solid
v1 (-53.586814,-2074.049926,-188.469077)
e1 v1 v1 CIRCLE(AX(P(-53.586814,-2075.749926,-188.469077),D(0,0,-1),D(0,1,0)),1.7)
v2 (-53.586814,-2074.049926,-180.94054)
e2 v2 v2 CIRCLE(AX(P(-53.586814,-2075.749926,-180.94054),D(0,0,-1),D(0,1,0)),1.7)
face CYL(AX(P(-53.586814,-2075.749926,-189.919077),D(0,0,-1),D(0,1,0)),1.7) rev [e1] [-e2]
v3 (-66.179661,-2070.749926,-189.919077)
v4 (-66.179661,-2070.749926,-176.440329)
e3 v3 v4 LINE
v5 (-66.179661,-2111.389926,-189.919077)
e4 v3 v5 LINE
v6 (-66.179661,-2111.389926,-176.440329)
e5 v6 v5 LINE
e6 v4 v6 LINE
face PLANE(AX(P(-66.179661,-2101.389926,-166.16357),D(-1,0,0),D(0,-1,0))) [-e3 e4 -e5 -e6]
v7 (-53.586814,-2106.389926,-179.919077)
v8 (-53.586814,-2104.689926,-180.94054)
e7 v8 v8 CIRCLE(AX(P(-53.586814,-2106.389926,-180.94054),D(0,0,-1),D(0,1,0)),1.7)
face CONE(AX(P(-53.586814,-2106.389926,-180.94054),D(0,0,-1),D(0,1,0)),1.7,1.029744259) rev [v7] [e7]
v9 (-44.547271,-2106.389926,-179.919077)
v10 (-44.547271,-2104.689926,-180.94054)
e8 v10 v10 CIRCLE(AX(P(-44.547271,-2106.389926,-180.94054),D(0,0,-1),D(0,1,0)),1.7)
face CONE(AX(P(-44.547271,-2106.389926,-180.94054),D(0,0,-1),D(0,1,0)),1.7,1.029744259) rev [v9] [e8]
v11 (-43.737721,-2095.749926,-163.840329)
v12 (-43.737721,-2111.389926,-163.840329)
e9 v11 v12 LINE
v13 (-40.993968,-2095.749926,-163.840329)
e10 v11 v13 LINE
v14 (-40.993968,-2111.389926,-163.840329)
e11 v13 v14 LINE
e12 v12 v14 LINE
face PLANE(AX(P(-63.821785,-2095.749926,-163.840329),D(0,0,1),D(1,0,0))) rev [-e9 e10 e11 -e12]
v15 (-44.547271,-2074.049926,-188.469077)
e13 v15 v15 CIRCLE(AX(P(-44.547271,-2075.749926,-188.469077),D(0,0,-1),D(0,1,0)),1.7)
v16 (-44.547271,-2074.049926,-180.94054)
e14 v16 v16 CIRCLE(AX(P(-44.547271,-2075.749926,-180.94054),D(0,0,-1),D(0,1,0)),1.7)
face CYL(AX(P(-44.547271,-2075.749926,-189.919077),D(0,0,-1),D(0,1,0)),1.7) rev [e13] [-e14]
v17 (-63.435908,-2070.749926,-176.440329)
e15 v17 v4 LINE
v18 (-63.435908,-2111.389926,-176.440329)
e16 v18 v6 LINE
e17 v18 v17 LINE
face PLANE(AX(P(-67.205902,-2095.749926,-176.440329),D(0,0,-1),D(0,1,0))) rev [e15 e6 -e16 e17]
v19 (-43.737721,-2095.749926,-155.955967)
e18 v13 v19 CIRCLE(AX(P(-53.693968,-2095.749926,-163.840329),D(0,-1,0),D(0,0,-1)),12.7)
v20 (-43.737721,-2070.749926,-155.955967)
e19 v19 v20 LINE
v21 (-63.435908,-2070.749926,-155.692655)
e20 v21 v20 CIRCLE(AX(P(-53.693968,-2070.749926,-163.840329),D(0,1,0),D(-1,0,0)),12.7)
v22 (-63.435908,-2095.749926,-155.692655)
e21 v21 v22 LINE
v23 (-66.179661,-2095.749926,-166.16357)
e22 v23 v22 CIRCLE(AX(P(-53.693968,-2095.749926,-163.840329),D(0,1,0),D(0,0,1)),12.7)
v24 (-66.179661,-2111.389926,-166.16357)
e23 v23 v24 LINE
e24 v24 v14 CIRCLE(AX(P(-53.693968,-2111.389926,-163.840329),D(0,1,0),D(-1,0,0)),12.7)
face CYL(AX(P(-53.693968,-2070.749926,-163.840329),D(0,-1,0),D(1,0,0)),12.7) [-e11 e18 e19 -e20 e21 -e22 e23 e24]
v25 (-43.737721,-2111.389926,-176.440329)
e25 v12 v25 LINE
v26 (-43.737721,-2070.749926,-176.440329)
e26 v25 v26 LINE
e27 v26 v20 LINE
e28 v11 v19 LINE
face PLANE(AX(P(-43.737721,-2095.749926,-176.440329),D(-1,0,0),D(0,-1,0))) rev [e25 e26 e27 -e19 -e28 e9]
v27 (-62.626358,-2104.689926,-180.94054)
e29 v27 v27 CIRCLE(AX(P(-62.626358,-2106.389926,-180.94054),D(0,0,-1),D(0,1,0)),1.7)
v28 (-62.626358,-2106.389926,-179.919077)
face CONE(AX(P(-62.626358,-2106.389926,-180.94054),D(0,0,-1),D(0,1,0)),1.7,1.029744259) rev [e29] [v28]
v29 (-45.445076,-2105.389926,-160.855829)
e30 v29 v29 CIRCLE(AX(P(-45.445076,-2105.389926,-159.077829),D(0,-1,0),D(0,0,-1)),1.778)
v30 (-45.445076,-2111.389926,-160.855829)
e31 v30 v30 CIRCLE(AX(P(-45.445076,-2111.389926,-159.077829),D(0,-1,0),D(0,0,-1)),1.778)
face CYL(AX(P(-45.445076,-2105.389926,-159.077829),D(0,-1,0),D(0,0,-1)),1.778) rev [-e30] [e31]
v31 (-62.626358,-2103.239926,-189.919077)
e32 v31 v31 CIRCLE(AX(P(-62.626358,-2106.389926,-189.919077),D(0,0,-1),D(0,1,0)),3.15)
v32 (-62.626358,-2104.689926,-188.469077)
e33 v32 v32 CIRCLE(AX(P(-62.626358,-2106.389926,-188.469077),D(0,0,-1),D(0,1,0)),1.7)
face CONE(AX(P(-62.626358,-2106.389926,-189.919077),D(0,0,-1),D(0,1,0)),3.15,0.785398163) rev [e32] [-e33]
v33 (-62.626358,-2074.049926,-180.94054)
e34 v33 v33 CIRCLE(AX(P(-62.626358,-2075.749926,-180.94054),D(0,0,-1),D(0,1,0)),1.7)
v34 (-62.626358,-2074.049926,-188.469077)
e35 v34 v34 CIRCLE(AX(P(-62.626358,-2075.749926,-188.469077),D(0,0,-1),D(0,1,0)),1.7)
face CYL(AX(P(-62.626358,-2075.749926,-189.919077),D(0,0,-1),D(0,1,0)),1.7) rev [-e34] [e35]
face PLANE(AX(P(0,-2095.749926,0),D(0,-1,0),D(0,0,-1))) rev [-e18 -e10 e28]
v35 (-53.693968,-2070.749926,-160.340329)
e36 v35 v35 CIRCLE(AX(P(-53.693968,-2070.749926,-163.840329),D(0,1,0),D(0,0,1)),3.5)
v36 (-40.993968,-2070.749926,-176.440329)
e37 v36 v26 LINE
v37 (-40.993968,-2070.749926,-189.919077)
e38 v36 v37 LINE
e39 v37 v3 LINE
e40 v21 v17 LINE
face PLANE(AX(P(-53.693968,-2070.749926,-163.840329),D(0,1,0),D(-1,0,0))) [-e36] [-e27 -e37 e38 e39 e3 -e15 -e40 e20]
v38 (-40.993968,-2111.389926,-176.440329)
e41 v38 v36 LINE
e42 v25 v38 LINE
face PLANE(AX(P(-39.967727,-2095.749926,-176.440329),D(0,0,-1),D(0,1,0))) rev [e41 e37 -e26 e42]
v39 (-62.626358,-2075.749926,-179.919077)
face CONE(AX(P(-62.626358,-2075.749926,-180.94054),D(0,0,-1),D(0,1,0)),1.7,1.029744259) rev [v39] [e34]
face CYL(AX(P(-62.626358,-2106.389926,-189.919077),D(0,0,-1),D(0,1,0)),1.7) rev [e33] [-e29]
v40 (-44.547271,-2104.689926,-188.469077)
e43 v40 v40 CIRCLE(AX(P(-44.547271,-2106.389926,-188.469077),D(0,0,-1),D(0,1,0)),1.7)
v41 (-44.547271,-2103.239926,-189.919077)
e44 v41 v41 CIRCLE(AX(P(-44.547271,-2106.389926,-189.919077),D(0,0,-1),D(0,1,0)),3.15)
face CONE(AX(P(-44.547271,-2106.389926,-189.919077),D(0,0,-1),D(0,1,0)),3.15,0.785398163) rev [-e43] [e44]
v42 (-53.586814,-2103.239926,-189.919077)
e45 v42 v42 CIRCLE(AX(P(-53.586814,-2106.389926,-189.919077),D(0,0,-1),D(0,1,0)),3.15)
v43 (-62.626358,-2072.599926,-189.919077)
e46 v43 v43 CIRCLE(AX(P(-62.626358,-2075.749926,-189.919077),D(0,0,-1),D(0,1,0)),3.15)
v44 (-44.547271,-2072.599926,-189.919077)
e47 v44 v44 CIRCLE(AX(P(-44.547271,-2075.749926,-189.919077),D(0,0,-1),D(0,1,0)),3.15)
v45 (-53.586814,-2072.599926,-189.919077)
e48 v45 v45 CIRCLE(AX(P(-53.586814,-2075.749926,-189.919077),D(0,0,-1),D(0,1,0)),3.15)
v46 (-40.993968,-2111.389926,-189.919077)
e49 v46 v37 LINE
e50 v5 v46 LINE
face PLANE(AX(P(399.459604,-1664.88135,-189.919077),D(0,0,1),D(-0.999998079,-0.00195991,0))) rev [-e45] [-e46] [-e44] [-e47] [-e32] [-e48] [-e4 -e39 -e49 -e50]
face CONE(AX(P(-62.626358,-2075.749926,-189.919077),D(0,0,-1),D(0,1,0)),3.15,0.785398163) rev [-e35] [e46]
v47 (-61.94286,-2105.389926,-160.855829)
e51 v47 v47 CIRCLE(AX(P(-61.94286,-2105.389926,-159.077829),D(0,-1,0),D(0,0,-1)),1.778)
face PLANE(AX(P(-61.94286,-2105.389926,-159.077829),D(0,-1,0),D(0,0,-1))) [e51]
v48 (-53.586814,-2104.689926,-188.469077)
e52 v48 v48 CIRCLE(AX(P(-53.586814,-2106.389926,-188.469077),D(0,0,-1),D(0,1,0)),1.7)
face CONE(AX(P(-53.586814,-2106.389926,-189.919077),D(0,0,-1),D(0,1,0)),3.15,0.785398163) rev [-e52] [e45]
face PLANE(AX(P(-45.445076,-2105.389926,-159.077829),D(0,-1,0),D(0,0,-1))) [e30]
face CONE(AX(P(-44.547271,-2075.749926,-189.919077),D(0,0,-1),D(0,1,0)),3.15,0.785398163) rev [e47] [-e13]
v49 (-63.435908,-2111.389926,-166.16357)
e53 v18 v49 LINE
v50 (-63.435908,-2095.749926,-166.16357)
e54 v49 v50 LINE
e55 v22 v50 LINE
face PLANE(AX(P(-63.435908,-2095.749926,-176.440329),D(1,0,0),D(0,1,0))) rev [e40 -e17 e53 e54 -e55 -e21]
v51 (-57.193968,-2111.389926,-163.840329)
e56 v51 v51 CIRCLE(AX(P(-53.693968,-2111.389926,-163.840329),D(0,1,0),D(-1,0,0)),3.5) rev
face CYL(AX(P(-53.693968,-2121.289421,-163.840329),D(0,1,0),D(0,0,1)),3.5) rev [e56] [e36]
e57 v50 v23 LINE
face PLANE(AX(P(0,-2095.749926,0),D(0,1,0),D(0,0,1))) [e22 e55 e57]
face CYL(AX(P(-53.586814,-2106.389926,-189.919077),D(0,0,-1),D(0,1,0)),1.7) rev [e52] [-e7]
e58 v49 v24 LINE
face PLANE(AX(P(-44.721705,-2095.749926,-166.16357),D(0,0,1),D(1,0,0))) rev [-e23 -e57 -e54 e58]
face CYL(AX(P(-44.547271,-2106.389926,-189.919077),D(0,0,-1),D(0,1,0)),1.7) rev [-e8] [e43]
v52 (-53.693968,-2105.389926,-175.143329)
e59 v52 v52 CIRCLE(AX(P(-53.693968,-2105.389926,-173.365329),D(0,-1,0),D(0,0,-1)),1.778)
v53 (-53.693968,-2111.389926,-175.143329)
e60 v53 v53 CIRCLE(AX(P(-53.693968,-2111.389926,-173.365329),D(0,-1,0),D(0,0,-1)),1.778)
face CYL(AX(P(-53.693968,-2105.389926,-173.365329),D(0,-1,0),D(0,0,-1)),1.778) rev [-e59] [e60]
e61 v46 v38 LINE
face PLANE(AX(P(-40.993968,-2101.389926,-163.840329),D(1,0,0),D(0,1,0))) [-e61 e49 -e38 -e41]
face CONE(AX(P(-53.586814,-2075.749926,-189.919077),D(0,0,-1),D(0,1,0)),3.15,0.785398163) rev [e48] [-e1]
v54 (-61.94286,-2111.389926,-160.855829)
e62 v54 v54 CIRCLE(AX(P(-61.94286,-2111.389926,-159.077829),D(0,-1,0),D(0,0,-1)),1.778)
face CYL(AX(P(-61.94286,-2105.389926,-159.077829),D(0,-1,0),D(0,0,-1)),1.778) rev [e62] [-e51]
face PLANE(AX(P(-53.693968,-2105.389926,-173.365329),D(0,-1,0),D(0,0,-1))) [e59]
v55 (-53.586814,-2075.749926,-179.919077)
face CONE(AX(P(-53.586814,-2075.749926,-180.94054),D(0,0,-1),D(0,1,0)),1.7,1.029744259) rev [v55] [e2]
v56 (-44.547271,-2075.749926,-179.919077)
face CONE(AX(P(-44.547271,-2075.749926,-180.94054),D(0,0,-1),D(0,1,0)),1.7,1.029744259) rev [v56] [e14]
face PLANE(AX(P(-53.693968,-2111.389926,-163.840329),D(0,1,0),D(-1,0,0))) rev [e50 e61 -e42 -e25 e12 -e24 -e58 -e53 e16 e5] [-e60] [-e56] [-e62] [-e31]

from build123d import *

# Parameters (mm, degrees)
SKETCH2_R                                      = 12.7
BOSS_EXTRUDE6_DEPTH                            = 40.64
SKETCH3_R                                      = 3.5
CUT_EXTRUDE1_DEPTH                             = 40.64
SKETCH4_R                                      = 1.778
CUT_EXTRUDE2_DEPTH                             = 6
BOSS_EXTRUDE8_DEPTH                            = 10
SKETCH8_W                                      = 25.185693912
SKETCH8_H                                      = 10
BOSS_EXTRUDE9_DEPTH                            = 7.284789049
BOSS_EXTRUDE10_DEPTH                           = 30.64
CSK_FOR_M3_FLAT_HEAD_MACHINE_SCREW1_AT_2_COUNT = 2
CSK_FOR_M3_FLAT_HEAD_MACHINE_SCREW1_AT_2_PITCH = 9.039543014
CSK_FOR_M3_FLAT_HEAD_MACHINE_SCREW1_AT_3_COUNT = 2
CSK_FOR_M3_FLAT_HEAD_MACHINE_SCREW1_AT_3_PITCH = 9.039543014
SKETCH16_W                                     = 3.769994858
SKETCH16_H                                     = 22.000968128
CUT_EXTRUDE3_DEPTH                             = 25
SKETCH17_W                                     = 10.276759259
SKETCH17_H                                     = 15.64
CUT_EXTRUDE4_DEPTH                             = 2.743753899
SKETCH18_W                                     = 12.6
SKETCH18_H                                     = 15.64
CUT_EXTRUDE5_DEPTH                             = 2.743753899


with BuildPart() as part:
    # Sketch2 → Boss-Extrude6 (new body)
    with BuildSketch(Plane(origin=(0, -2111.389926236, 0), x_dir=(1, 0, 0), z_dir=(0, 1, 0))):
        with Locations(Location((-53.693967541, 163.840329354, 0), (0, 0, 180))):
            Circle(SKETCH2_R)
    extrude(amount=BOSS_EXTRUDE6_DEPTH)

    # Sketch3 → Cut-Extrude1 (cut)
    with BuildSketch(Plane(origin=(0, -2070.749926236, 0), x_dir=(1, 0, 0), z_dir=(0, 1, 0))):
        with Locations(Location((-53.693967541, 163.840329354, 0), (0, 0, 270))):
            Circle(SKETCH3_R)
    extrude(amount=-CUT_EXTRUDE1_DEPTH, mode=Mode.SUBTRACT)

    # Sketch4 → Cut-Extrude2 (cut)
    with BuildSketch(Plane.XZ.offset(2111.389926236)):
        with Locations(Location((-61.942859512, -159.077829354, 0), (0, 0, 270))):
            Circle(SKETCH4_R)
        with Locations(Location((-53.693967541, -173.365329354, 0), (0, 0, 270))):
            Circle(SKETCH4_R)
        with Locations(Location((-45.44507557, -159.077829354, 0), (0, 0, 270))):
            Circle(SKETCH4_R)
    extrude(amount=-CUT_EXTRUDE2_DEPTH, mode=Mode.SUBTRACT)

    # Sketch7 → Boss-Extrude8 (add)
    with BuildSketch(Plane.XZ.offset(2111.389926236)):
        with BuildLine():
            Line((-40.993967541, -163.840329354), (-40.993967541, -182.634287878))
            Line((-40.993967541, -182.634287878), (-66.179661453, -182.634287878))
            Line((-66.179661453, -182.634287878), (-66.179661453, -166.163570095))
            ThreePointArc((-66.179661453, -166.163570095), (-52.527415502, -176.486639343), (-40.993967541, -163.840329354))
        make_face()
    extrude(amount=-BOSS_EXTRUDE8_DEPTH)

    # Sketch8 → Boss-Extrude9 (add)
    with BuildSketch(Plane(origin=(0, 0, -182.634287878), x_dir=(-1, 0, 0), z_dir=(0, 0, -1))):
        with Locations((53.586814497, -2106.389926236)):
            Rectangle(SKETCH8_W, SKETCH8_H)
    extrude(amount=BOSS_EXTRUDE9_DEPTH)

    # Sketch9 → Boss-Extrude10 (add)
    with BuildSketch(Plane(origin=(0, -2070.749926236, 0), x_dir=(1, 0, 0), z_dir=(0, 1, 0))):
        with BuildLine():
            Line((-66.179661453, 163.840329354), (-66.179661453, 189.919076927))
            Line((-66.179661453, 189.919076927), (-40.993967541, 189.919076927))
            Line((-40.993967541, 189.919076927), (-40.993967541, 163.840329354))
            ThreePointArc((-40.993967541, 163.840329354), (-53.586814497, 176.43317631), (-66.179661453, 163.840329354))
        make_face()
    extrude(amount=-BOSS_EXTRUDE10_DEPTH)

    # Sketch15 → CSK for M3 Flat Head Machine Screw1 (revolve, cut)
    with BuildSketch(Plane(origin=(-53.586814498, -2075.749926236, -189.919076927), x_dir=(0, 1, 0), z_dir=(1, 0, 0))):
        Polygon((0, 0), (0, 10), (1.7, 8.978536948), (1.7, 1.45), (3.15, 0), align=None)
    csk_for_m3_flat_head_machine_screw1 = revolve(axis=Axis((-53.586814498, -2075.749926236, -196.269076927), (0, 0, 1)), mode=Mode.SUBTRACT)

    # CSK for M3 Flat Head Machine Screw1 at 2: CSK for M3 Flat Head Machine Screw1 ×2
    with Locations(*[(-i * CSK_FOR_M3_FLAT_HEAD_MACHINE_SCREW1_AT_2_PITCH, 0, 0) for i in range(1, CSK_FOR_M3_FLAT_HEAD_MACHINE_SCREW1_AT_2_COUNT)]):
        add(csk_for_m3_flat_head_machine_screw1, mode=Mode.SUBTRACT)

    # CSK for M3 Flat Head Machine Screw1 at 3: CSK for M3 Flat Head Machine Screw1 ×2
    with Locations(*[(i * CSK_FOR_M3_FLAT_HEAD_MACHINE_SCREW1_AT_3_PITCH, 0, 0) for i in range(1, CSK_FOR_M3_FLAT_HEAD_MACHINE_SCREW1_AT_3_COUNT)]):
        add(csk_for_m3_flat_head_machine_screw1, mode=Mode.SUBTRACT)

    # Mirror1: CSK for M3 Flat Head Machine Screw1 across plane
    add(csk_for_m3_flat_head_machine_screw1.mirror(Plane.ZX.offset(-2091.069926234)), mode=Mode.SUBTRACT)

    # Mirror1 copy 1 sketch → Mirror1 copy 1 (revolve, cut)
    with BuildSketch(Plane(origin=(-62.626357512, -2106.389926232, -189.919076927), x_dir=(0, -1, 0), z_dir=(1, 0, 0))):
        Polygon((0, 0), (0, -10), (1.7, -8.978536948), (1.7, -1.45), (3.15, 0), align=None)
    revolve(axis=Axis((-62.626357512, -2106.389926232, -196.269076927), (0, 0, -1)), mode=Mode.SUBTRACT)

    # Mirror1 copy 2 sketch → Mirror1 copy 2 (revolve, cut)
    with BuildSketch(Plane(origin=(-44.547271484, -2106.389926232, -189.919076927), x_dir=(0, -1, 0), z_dir=(1, 0, 0))):
        Polygon((0, 0), (0, -10), (1.7, -8.978536948), (1.7, -1.45), (3.15, 0), align=None)
    revolve(axis=Axis((-44.547271484, -2106.389926232, -196.269076927), (0, 0, -1)), mode=Mode.SUBTRACT)

    # Sketch16 → Cut-Extrude3 (cut)
    with BuildSketch(Plane(origin=(0, -2070.749926236, 0), x_dir=(1, 0, 0), z_dir=(0, 1, 0))):
        with Locations((-65.320904983, 165.43984529)):
            Rectangle(SKETCH16_W, SKETCH16_H)
        with Locations((-41.852724011, 165.43984529)):
            Rectangle(SKETCH16_W, SKETCH16_H)
    extrude(amount=-CUT_EXTRUDE3_DEPTH, mode=Mode.SUBTRACT)

    # Sketch17 → Cut-Extrude4 (cut)
    with BuildSketch(Plane.ZY.offset(66.179661453)):
        with Locations((-171.301949724, -2103.569926236)):
            Rectangle(SKETCH17_W, SKETCH17_H)
    extrude(amount=-CUT_EXTRUDE4_DEPTH, mode=Mode.SUBTRACT)

    # Sketch18 → Cut-Extrude5 (cut)
    with BuildSketch(Plane(origin=(-40.993967541, 0, 0), x_dir=(0, 0, -1), z_dir=(1, 0, 0))):
        with Locations((170.140329354, -2103.569926236)):
            Rectangle(SKETCH18_W, SKETCH18_H)
    extrude(amount=-CUT_EXTRUDE5_DEPTH, mode=Mode.SUBTRACT)


solid = part.part
